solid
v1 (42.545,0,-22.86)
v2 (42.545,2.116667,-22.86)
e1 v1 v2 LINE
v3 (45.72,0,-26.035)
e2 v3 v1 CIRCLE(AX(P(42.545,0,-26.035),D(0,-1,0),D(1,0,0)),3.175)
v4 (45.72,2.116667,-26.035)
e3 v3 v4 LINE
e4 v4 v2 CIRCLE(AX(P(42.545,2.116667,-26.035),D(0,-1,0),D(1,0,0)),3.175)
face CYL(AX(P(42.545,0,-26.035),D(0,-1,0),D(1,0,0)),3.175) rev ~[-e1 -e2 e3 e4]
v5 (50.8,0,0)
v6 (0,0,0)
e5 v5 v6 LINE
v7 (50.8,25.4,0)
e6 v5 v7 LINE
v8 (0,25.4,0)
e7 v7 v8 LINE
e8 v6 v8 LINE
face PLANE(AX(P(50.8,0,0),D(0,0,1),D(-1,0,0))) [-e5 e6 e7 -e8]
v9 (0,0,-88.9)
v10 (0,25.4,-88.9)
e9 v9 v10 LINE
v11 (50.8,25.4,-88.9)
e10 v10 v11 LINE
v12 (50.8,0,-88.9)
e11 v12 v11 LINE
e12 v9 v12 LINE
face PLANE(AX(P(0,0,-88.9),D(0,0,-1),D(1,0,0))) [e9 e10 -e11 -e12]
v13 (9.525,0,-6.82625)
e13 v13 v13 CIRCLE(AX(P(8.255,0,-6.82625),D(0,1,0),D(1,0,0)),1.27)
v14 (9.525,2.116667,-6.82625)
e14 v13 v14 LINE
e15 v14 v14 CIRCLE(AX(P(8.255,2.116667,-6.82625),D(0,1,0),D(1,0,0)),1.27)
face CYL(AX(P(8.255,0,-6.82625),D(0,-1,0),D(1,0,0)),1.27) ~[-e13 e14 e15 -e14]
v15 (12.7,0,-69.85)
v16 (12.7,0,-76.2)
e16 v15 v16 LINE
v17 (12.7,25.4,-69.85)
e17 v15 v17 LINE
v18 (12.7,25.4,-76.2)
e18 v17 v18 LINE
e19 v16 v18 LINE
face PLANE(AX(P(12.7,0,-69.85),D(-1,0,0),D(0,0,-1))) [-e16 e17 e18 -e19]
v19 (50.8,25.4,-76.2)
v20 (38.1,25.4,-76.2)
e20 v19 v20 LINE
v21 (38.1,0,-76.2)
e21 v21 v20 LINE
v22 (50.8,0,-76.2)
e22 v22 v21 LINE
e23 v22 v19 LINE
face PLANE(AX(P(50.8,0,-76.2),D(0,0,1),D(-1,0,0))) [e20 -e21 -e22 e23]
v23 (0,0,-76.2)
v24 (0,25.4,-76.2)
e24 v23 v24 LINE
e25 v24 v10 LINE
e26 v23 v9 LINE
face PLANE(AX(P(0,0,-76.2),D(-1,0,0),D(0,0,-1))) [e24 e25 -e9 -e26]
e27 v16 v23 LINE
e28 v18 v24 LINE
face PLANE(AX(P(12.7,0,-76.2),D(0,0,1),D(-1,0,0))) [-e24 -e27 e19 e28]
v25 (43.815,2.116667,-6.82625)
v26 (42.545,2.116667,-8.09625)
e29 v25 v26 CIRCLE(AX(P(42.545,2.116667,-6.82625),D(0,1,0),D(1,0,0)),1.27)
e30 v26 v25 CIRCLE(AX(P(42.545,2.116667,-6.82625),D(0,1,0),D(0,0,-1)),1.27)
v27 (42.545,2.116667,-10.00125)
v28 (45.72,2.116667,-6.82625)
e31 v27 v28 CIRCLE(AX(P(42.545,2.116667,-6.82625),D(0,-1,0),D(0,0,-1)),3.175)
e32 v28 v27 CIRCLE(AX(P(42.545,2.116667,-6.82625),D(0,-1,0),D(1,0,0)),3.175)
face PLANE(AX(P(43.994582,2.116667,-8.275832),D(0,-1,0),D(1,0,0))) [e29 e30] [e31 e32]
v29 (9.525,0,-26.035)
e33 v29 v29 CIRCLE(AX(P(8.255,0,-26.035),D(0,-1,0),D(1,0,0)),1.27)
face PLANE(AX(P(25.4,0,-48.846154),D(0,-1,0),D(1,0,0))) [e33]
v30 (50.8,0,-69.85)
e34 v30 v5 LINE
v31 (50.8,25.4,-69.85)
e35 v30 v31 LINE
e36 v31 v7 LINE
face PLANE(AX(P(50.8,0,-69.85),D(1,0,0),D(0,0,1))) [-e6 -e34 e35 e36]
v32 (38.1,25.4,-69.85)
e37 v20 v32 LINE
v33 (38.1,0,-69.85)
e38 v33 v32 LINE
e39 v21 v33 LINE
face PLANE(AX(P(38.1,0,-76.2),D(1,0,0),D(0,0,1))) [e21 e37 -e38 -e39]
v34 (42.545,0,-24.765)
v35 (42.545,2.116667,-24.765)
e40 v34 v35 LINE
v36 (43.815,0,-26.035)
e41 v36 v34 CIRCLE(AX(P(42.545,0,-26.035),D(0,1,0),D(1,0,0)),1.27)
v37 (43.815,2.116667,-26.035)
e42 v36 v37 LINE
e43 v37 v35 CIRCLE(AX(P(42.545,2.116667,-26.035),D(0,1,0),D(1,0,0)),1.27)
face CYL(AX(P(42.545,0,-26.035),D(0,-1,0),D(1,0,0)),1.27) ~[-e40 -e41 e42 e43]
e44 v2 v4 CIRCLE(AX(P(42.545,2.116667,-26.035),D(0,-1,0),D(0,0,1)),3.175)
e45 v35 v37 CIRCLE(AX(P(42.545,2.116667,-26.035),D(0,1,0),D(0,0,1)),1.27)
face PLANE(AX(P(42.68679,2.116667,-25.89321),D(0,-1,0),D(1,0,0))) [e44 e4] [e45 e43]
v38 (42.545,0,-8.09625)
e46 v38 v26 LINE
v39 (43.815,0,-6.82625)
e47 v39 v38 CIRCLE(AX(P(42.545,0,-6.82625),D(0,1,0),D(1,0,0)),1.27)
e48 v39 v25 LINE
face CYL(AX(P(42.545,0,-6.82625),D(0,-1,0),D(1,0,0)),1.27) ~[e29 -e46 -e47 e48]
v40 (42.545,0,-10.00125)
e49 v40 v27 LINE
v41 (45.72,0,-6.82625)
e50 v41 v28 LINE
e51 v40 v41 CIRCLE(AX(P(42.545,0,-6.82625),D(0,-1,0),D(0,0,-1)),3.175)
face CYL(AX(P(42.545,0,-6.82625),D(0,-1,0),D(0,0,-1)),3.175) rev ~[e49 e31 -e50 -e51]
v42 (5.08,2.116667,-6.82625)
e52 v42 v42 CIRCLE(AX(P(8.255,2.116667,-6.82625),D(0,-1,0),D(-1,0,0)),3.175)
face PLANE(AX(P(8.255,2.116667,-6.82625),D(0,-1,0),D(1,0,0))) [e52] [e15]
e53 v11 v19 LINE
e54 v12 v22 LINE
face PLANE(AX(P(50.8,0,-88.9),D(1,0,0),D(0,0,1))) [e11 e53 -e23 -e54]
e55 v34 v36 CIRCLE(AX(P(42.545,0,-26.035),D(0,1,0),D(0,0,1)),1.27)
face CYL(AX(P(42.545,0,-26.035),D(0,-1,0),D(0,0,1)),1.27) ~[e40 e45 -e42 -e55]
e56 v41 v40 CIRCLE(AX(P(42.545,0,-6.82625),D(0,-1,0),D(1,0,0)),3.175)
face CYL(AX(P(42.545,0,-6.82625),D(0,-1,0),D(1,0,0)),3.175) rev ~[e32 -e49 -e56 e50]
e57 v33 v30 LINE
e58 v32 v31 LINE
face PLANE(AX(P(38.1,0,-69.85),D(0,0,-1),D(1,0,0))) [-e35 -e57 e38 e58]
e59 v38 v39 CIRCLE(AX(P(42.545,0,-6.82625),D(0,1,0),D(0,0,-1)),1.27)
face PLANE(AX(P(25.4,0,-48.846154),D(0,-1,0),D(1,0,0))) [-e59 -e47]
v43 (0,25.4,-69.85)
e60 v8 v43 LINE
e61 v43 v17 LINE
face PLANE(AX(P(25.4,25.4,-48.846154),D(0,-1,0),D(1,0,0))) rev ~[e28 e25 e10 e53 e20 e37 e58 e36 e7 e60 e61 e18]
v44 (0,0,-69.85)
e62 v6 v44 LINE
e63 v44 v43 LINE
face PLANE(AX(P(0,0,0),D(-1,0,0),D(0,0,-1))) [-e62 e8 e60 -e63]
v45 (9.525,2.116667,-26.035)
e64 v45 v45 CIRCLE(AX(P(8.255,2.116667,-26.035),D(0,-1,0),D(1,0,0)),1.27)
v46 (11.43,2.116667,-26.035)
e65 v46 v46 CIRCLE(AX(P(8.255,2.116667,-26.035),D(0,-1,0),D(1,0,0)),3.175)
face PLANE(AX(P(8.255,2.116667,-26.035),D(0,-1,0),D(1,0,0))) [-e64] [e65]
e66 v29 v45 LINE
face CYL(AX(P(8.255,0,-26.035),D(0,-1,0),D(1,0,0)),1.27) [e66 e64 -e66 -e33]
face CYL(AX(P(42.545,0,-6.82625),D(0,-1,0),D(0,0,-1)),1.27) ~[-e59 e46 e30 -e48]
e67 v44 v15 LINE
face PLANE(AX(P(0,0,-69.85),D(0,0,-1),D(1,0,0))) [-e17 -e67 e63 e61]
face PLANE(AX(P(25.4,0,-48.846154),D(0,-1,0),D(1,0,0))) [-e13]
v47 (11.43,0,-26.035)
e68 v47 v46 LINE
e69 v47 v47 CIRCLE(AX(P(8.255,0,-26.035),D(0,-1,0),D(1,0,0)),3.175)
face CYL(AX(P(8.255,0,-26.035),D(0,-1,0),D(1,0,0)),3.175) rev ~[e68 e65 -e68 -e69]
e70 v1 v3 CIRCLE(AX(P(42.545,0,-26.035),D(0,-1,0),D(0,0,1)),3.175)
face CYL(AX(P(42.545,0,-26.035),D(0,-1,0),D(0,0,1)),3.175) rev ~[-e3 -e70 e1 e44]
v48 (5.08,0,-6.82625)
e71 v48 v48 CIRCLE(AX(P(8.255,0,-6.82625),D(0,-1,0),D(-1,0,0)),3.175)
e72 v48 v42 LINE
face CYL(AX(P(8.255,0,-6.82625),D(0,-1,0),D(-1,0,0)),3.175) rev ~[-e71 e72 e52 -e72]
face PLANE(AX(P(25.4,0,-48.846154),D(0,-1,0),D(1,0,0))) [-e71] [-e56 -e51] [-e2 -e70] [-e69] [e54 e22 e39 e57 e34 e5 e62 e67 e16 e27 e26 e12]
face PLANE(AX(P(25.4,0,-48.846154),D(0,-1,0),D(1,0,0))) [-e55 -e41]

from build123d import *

# Parameters (mm, degrees)
F1_DEPTH = 25.4
F2_R     = 3.175
F2_R_2   = 1.27
F3_DEPTH = 2.1166666667


with BuildPart() as f1:
    # F0 (on Front) → F1 (new body)
    with BuildSketch(Plane.XZ):
        Polygon((50.8, 0), (0, 0), (0, -69.85), (12.7, -69.85), (12.7, -76.2), (0, -76.2), (0, -88.9), (50.8, -88.9), (50.8, -76.2), (38.1, -76.2), (38.1, -69.85), (50.8, -69.85), align=None)
    extrude(amount=-F1_DEPTH)

    # F2 (on face) → F3 (cut)
    with BuildSketch(Plane.XZ):
        with BuildLine():
            ThreePointArc((11.43, -6.82625), (8.255, -3.65125), (5.08, -6.82625))
            ThreePointArc((5.08, -6.82625), (8.255, -10.00125), (11.43, -6.82625))
        make_face()
        with BuildLine():
            ThreePointArc((6.985, -6.82625), (8.255, -5.55625), (9.525, -6.82625))
            ThreePointArc((9.525, -6.82625), (8.255, -8.09625), (6.985, -6.82625))
        make_face(mode=Mode.SUBTRACT)
        with BuildLine():
            Line((45.72, -6.82625), (43.815, -6.82625))
            ThreePointArc((43.815, -6.82625), (43.4430256121, -7.7242756121), (42.545, -8.09625))
            Line((42.545, -8.09625), (42.545, -10.00125))
            ThreePointArc((42.545, -10.00125), (44.7900640303, -9.0713140303), (45.72, -6.82625))
        make_face()
        with BuildLine():
            ThreePointArc((42.545, -8.09625), (41.6469743879, -5.9282243879), (43.815, -6.82625))
            Line((43.815, -6.82625), (45.72, -6.82625))
            ThreePointArc((45.72, -6.82625), (40.2999359697, -4.5811859697), (42.545, -10.00125))
            Line((42.545, -10.00125), (42.545, -8.09625))
        make_face()
        with BuildLine():
            ThreePointArc((45.72, -26.035), (44.7900640303, -23.7899359697), (42.545, -22.86))
            ThreePointArc((42.545, -22.86), (40.2999359697, -28.2800640303), (45.72, -26.035))
        make_face()
        with BuildLine():
            ThreePointArc((43.815, -26.035), (41.6469743879, -26.9330256121), (42.545, -24.765))
            ThreePointArc((42.545, -24.765), (43.4430256121, -25.1369743879), (43.815, -26.035))
        make_face(mode=Mode.SUBTRACT)
        with Locations((8.255, -26.035)):
            Circle(F2_R)
        with Locations((8.255, -26.035)):
            Circle(F2_R_2, mode=Mode.SUBTRACT)
    extrude(amount=-F3_DEPTH, mode=Mode.SUBTRACT)


solid = f1.part
